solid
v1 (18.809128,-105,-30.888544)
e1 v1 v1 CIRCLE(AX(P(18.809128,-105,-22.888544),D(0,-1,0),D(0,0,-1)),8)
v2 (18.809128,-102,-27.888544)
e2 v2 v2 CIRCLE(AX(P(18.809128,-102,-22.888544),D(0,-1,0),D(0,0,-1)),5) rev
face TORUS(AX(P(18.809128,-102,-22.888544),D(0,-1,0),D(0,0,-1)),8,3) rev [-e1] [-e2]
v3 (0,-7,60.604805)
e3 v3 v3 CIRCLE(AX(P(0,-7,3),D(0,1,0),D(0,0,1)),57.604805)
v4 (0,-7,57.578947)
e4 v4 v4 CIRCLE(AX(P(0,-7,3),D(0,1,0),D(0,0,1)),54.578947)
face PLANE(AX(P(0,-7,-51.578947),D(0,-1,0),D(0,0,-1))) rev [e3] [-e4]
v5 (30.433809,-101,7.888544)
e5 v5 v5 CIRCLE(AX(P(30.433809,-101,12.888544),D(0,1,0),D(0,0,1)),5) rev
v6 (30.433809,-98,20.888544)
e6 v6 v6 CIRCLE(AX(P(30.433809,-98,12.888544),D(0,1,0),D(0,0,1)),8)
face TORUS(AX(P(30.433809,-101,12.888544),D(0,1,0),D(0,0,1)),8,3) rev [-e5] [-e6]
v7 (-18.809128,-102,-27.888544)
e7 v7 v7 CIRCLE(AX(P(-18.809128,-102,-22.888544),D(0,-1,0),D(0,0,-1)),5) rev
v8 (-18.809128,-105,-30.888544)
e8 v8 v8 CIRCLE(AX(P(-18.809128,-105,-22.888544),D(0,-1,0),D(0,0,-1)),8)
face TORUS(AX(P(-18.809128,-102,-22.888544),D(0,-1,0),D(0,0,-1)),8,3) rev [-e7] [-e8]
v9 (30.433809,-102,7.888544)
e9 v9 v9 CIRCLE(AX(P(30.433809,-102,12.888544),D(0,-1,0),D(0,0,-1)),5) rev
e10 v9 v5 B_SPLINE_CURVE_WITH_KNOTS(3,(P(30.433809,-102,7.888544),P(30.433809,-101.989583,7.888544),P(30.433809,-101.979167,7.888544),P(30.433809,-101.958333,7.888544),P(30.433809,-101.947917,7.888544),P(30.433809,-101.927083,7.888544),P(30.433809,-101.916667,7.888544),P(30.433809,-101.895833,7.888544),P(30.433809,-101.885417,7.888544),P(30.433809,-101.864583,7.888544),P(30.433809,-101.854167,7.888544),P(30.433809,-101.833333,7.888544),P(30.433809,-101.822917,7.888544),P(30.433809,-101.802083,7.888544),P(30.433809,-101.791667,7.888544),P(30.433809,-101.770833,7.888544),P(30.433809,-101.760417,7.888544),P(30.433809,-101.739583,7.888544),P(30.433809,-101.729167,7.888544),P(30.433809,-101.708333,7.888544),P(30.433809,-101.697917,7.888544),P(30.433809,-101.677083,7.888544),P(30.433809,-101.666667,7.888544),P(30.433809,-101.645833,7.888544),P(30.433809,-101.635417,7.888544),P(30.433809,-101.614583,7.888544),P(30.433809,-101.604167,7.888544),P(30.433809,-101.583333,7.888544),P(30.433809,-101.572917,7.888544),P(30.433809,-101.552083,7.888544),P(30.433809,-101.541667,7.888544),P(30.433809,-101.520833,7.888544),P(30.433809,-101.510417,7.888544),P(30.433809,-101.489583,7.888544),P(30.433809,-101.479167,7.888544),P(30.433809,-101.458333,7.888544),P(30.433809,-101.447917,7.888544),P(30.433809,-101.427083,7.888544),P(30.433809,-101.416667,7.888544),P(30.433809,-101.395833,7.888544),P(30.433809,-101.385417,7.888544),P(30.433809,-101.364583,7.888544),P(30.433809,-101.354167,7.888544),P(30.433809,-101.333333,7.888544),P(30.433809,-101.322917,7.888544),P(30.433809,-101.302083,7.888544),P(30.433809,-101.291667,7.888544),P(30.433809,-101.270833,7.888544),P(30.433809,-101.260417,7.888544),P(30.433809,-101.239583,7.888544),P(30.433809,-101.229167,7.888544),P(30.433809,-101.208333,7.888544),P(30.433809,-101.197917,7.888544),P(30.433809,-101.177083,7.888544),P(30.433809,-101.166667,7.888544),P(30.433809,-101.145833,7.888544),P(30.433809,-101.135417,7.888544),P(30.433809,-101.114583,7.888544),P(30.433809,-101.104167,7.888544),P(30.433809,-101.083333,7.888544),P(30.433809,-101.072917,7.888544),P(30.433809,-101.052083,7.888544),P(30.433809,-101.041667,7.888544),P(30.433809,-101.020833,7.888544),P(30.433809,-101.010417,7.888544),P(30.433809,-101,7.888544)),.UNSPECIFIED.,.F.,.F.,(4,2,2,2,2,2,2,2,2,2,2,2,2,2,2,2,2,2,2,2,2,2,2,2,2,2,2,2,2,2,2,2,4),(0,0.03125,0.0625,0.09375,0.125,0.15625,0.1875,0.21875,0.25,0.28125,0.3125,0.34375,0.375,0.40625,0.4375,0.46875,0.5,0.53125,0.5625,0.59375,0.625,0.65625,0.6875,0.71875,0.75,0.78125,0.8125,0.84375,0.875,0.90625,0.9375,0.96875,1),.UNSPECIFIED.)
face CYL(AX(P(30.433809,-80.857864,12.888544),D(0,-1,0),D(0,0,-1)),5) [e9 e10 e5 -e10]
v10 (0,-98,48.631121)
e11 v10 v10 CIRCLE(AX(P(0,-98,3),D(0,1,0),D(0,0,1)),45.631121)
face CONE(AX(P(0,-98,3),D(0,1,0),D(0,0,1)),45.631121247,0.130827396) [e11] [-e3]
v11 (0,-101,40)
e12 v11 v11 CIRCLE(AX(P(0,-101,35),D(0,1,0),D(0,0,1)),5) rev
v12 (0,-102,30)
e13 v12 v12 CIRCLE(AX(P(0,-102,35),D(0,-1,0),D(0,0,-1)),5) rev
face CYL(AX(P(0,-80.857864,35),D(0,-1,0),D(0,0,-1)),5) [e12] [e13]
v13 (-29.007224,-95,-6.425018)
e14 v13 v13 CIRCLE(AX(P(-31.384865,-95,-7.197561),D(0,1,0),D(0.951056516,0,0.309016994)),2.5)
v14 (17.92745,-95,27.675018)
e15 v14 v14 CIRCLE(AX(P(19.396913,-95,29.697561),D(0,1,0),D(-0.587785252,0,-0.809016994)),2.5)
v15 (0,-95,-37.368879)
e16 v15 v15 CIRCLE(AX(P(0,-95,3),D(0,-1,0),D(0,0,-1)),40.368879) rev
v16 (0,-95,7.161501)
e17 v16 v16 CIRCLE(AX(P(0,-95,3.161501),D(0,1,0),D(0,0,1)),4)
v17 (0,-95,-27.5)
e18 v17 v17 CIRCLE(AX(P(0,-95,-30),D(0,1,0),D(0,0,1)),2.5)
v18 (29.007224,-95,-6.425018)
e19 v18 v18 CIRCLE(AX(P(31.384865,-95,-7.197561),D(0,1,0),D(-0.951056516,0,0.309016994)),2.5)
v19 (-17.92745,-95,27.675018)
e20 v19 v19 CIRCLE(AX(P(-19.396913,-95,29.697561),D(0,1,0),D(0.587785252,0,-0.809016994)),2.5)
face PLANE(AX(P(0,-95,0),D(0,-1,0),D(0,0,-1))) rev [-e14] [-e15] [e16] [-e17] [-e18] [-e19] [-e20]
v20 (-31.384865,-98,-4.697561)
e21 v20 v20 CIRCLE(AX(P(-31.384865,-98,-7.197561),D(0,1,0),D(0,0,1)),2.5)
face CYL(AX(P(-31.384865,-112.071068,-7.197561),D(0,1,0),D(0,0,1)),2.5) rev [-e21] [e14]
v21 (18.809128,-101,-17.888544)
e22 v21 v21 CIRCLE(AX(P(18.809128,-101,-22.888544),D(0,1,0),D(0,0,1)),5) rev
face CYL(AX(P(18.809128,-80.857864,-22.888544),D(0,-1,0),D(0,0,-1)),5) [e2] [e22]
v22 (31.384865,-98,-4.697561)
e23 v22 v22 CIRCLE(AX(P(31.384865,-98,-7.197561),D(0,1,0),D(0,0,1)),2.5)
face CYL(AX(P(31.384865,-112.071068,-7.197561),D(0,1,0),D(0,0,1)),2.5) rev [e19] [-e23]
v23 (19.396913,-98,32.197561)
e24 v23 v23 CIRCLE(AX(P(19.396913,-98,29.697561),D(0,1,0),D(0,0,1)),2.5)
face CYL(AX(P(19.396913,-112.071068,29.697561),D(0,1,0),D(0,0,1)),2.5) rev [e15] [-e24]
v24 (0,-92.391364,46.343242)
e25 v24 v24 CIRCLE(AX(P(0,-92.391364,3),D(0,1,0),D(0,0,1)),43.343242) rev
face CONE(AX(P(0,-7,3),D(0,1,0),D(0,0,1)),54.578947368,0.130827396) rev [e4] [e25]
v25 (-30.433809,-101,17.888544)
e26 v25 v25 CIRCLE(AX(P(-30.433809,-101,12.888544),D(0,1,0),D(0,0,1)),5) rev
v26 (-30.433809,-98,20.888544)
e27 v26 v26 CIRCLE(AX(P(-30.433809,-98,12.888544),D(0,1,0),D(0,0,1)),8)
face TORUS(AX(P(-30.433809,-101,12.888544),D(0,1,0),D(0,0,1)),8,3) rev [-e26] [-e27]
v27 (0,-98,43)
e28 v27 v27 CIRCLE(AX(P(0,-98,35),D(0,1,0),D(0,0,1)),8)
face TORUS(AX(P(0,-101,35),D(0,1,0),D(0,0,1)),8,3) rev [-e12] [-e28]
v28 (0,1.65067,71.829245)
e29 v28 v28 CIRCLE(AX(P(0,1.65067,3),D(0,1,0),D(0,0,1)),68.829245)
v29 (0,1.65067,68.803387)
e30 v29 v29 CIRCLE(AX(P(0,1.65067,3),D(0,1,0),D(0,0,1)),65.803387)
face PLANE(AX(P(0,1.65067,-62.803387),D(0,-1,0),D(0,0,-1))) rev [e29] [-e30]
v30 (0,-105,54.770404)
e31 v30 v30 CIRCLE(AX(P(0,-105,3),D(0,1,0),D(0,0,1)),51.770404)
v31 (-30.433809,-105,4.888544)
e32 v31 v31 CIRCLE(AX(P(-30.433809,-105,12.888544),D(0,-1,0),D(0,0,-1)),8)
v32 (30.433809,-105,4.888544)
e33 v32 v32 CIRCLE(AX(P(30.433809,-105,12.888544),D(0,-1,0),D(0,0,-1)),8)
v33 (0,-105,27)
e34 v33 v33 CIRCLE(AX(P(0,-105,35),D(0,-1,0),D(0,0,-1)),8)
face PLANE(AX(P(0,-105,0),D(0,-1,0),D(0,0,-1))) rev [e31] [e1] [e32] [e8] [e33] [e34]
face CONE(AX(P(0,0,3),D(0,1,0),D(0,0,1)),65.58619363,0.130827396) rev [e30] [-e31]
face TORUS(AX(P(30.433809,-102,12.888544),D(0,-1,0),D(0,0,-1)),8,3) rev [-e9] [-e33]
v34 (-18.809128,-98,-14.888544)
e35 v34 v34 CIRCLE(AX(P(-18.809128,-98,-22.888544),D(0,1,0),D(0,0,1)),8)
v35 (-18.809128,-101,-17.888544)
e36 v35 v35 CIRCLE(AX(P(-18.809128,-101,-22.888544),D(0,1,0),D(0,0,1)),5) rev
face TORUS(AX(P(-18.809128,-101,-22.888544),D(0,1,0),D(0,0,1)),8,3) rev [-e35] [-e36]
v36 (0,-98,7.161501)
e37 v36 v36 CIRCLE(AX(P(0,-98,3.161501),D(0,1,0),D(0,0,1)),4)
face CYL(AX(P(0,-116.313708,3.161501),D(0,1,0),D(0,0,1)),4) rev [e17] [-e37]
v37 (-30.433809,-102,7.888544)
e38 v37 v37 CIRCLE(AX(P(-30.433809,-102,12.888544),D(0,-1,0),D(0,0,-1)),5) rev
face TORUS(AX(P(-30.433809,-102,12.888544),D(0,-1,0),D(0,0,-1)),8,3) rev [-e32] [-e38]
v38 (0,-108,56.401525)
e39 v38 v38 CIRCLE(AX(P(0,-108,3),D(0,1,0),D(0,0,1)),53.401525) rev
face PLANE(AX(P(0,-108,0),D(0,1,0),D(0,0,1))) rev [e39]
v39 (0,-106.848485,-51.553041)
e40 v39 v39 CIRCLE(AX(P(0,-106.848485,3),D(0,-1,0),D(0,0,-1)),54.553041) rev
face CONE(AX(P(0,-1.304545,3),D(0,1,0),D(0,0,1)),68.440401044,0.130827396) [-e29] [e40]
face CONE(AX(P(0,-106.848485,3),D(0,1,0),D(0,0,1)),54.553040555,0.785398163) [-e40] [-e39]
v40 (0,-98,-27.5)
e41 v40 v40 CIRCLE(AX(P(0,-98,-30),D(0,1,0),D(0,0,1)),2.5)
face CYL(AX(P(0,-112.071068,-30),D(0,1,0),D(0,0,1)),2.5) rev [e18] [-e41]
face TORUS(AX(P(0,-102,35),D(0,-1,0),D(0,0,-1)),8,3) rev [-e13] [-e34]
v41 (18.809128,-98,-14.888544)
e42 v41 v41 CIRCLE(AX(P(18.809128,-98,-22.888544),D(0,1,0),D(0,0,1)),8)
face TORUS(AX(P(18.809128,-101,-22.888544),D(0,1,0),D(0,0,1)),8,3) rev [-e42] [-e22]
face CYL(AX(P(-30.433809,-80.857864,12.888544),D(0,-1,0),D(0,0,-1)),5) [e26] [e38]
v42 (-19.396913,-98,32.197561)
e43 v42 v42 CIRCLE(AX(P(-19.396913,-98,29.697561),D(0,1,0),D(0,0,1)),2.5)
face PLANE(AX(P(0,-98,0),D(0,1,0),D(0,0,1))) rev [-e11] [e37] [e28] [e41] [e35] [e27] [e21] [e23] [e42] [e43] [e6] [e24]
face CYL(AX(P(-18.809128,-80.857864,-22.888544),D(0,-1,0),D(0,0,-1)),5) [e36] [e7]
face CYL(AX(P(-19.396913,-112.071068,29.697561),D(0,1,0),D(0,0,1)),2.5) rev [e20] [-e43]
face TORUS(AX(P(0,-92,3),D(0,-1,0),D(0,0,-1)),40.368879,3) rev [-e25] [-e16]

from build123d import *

# Parameters (mm, degrees)
SKETCH2_R                = 5
BOSS_EXTRUDE1_DEPTH      = 13
FILLET3_R                = 3
CIRPATTERN2_COUNT        = 5
FILLET3_OF_CIRPATTERN2_R = 3
SKETCH3_R                = 4
CUT_EXTRUDE1_DEPTH       = 10
SKETCH4_R                = 2.5
CUT_EXTRUDE2_DEPTH       = 10
CIRPATTERN3_COUNT        = 5
FILLET4_R                = 3
CHAMFER2_SIZE            = 1
CHAMFER2_SIZE2           = 1.161440479


with BuildPart() as part:
    # Sketch1 → Revolve2 (revolve)
    with BuildSketch(Plane(origin=(0, 0, 0), x_dir=(0, 0, -1), z_dir=(1, 0, 0)), mode=Mode.PRIVATE) as revolve2_sk:
        Polygon((0, -95), (40, -95), (51.578947368, -7), (54.604805457, -7), (42.631121247, -98), (0, -98), (0, -105), (48.770404156, -105), (62.58619363, 0), (62.803387034, 1.650669871), (65.829245123, 1.650669871), (65.440401044, -1.304545126), (51.401525403, -108), (0, -108), (-3, -108), (-3, -95), align=None)
    revolve(revolve2_sk.sketch.rotate(Axis((0, -95, 3), (0, -1, 0)), 180), axis=Axis((0, -95, 3), (0, -1, 0)))

    # Sketch2 → Boss-Extrude1 (add)
    with BuildSketch(Plane.XZ.offset(108)):
        with Locations(Location((0, 35, 0), (0, 0, 270))):
            Circle(SKETCH2_R)
    boss_extrude1 = extrude(amount=-BOSS_EXTRUDE1_DEPTH)

    # Fillet3
    fillet3_edges = [part.edges().sort_by_distance(p)[0] for p in [
        (0, -105, 40),
        (0, -98, 40),
    ]]
    fillet(fillet3_edges, radius=FILLET3_R)

    # CirPattern2: Boss-Extrude1 ×5 about axis
    cirpattern2_axis = Axis((0, 0, 3), (0, 1, 0))
    for i in range(1, CIRPATTERN2_COUNT):
        add(boss_extrude1.rotate(cirpattern2_axis, i * 360 / CIRPATTERN2_COUNT))

    # Fillet3 of CirPattern2
    fillet3_of_cirpattern2_edges = [part.edges().sort_by_distance(p)[0] for p in [
        (35.189091103, -105, 14.433628792),
        (35.189091103, -98, 14.433628792),
        (21.748054335, -105, -26.933628792),
        (21.748054335, -98, -26.933628792),
        (-21.748054335, -105, -26.933628792),
        (-21.748054335, -98, -26.933628792),
        (-35.189091103, -105, 14.433628792),
        (-35.189091103, -98, 14.433628792),
    ]]
    fillet(fillet3_of_cirpattern2_edges, radius=FILLET3_OF_CIRPATTERN2_R)

    # Sketch3 → Cut-Extrude1 (cut)
    with BuildSketch(Plane(origin=(0, -95, 0), x_dir=(1, 0, 0), z_dir=(0, 1, 0))):
        with Locations(Location((0, -3.161501371, 0), (0, 0, 270))):
            Circle(SKETCH3_R)
    extrude(amount=-CUT_EXTRUDE1_DEPTH, mode=Mode.SUBTRACT)

    # Sketch4 → Cut-Extrude2 (cut)
    with BuildSketch(Plane(origin=(0, -95, 0), x_dir=(1, 0, 0), z_dir=(0, 1, 0))):
        with Locations(Location((0, 30, 0), (0, 0, 270))):
            Circle(SKETCH4_R)
    cut_extrude2 = extrude(amount=-CUT_EXTRUDE2_DEPTH, mode=Mode.SUBTRACT)

    # CirPattern3: Cut-Extrude2 ×5 about axis
    cirpattern3_axis = Axis((0, 0, 3), (0, 1, 0))
    for i in range(1, CIRPATTERN3_COUNT):
        add(cut_extrude2.rotate(cirpattern3_axis, i * 360 / CIRPATTERN3_COUNT), mode=Mode.SUBTRACT)

    # Fillet4
    fillet4_edges = [part.edges().sort_by_distance(p)[0] for p in [
        (0, -95, -40),
    ]]
    fillet(fillet4_edges, radius=FILLET4_R)

    # Chamfer2
    chamfer2_edges = [part.edges().sort_by_distance(p)[0] for p in [
        (0, -108, -51.401525403),
    ]]
    chamfer2_side = [part.faces().sort_by_distance(p)[0] for p in [
        (0, -108, 3),
    ]]
    chamfer(chamfer2_edges, length=CHAMFER2_SIZE, length2=CHAMFER2_SIZE2, reference=chamfer2_side[0])


solid = part.part
